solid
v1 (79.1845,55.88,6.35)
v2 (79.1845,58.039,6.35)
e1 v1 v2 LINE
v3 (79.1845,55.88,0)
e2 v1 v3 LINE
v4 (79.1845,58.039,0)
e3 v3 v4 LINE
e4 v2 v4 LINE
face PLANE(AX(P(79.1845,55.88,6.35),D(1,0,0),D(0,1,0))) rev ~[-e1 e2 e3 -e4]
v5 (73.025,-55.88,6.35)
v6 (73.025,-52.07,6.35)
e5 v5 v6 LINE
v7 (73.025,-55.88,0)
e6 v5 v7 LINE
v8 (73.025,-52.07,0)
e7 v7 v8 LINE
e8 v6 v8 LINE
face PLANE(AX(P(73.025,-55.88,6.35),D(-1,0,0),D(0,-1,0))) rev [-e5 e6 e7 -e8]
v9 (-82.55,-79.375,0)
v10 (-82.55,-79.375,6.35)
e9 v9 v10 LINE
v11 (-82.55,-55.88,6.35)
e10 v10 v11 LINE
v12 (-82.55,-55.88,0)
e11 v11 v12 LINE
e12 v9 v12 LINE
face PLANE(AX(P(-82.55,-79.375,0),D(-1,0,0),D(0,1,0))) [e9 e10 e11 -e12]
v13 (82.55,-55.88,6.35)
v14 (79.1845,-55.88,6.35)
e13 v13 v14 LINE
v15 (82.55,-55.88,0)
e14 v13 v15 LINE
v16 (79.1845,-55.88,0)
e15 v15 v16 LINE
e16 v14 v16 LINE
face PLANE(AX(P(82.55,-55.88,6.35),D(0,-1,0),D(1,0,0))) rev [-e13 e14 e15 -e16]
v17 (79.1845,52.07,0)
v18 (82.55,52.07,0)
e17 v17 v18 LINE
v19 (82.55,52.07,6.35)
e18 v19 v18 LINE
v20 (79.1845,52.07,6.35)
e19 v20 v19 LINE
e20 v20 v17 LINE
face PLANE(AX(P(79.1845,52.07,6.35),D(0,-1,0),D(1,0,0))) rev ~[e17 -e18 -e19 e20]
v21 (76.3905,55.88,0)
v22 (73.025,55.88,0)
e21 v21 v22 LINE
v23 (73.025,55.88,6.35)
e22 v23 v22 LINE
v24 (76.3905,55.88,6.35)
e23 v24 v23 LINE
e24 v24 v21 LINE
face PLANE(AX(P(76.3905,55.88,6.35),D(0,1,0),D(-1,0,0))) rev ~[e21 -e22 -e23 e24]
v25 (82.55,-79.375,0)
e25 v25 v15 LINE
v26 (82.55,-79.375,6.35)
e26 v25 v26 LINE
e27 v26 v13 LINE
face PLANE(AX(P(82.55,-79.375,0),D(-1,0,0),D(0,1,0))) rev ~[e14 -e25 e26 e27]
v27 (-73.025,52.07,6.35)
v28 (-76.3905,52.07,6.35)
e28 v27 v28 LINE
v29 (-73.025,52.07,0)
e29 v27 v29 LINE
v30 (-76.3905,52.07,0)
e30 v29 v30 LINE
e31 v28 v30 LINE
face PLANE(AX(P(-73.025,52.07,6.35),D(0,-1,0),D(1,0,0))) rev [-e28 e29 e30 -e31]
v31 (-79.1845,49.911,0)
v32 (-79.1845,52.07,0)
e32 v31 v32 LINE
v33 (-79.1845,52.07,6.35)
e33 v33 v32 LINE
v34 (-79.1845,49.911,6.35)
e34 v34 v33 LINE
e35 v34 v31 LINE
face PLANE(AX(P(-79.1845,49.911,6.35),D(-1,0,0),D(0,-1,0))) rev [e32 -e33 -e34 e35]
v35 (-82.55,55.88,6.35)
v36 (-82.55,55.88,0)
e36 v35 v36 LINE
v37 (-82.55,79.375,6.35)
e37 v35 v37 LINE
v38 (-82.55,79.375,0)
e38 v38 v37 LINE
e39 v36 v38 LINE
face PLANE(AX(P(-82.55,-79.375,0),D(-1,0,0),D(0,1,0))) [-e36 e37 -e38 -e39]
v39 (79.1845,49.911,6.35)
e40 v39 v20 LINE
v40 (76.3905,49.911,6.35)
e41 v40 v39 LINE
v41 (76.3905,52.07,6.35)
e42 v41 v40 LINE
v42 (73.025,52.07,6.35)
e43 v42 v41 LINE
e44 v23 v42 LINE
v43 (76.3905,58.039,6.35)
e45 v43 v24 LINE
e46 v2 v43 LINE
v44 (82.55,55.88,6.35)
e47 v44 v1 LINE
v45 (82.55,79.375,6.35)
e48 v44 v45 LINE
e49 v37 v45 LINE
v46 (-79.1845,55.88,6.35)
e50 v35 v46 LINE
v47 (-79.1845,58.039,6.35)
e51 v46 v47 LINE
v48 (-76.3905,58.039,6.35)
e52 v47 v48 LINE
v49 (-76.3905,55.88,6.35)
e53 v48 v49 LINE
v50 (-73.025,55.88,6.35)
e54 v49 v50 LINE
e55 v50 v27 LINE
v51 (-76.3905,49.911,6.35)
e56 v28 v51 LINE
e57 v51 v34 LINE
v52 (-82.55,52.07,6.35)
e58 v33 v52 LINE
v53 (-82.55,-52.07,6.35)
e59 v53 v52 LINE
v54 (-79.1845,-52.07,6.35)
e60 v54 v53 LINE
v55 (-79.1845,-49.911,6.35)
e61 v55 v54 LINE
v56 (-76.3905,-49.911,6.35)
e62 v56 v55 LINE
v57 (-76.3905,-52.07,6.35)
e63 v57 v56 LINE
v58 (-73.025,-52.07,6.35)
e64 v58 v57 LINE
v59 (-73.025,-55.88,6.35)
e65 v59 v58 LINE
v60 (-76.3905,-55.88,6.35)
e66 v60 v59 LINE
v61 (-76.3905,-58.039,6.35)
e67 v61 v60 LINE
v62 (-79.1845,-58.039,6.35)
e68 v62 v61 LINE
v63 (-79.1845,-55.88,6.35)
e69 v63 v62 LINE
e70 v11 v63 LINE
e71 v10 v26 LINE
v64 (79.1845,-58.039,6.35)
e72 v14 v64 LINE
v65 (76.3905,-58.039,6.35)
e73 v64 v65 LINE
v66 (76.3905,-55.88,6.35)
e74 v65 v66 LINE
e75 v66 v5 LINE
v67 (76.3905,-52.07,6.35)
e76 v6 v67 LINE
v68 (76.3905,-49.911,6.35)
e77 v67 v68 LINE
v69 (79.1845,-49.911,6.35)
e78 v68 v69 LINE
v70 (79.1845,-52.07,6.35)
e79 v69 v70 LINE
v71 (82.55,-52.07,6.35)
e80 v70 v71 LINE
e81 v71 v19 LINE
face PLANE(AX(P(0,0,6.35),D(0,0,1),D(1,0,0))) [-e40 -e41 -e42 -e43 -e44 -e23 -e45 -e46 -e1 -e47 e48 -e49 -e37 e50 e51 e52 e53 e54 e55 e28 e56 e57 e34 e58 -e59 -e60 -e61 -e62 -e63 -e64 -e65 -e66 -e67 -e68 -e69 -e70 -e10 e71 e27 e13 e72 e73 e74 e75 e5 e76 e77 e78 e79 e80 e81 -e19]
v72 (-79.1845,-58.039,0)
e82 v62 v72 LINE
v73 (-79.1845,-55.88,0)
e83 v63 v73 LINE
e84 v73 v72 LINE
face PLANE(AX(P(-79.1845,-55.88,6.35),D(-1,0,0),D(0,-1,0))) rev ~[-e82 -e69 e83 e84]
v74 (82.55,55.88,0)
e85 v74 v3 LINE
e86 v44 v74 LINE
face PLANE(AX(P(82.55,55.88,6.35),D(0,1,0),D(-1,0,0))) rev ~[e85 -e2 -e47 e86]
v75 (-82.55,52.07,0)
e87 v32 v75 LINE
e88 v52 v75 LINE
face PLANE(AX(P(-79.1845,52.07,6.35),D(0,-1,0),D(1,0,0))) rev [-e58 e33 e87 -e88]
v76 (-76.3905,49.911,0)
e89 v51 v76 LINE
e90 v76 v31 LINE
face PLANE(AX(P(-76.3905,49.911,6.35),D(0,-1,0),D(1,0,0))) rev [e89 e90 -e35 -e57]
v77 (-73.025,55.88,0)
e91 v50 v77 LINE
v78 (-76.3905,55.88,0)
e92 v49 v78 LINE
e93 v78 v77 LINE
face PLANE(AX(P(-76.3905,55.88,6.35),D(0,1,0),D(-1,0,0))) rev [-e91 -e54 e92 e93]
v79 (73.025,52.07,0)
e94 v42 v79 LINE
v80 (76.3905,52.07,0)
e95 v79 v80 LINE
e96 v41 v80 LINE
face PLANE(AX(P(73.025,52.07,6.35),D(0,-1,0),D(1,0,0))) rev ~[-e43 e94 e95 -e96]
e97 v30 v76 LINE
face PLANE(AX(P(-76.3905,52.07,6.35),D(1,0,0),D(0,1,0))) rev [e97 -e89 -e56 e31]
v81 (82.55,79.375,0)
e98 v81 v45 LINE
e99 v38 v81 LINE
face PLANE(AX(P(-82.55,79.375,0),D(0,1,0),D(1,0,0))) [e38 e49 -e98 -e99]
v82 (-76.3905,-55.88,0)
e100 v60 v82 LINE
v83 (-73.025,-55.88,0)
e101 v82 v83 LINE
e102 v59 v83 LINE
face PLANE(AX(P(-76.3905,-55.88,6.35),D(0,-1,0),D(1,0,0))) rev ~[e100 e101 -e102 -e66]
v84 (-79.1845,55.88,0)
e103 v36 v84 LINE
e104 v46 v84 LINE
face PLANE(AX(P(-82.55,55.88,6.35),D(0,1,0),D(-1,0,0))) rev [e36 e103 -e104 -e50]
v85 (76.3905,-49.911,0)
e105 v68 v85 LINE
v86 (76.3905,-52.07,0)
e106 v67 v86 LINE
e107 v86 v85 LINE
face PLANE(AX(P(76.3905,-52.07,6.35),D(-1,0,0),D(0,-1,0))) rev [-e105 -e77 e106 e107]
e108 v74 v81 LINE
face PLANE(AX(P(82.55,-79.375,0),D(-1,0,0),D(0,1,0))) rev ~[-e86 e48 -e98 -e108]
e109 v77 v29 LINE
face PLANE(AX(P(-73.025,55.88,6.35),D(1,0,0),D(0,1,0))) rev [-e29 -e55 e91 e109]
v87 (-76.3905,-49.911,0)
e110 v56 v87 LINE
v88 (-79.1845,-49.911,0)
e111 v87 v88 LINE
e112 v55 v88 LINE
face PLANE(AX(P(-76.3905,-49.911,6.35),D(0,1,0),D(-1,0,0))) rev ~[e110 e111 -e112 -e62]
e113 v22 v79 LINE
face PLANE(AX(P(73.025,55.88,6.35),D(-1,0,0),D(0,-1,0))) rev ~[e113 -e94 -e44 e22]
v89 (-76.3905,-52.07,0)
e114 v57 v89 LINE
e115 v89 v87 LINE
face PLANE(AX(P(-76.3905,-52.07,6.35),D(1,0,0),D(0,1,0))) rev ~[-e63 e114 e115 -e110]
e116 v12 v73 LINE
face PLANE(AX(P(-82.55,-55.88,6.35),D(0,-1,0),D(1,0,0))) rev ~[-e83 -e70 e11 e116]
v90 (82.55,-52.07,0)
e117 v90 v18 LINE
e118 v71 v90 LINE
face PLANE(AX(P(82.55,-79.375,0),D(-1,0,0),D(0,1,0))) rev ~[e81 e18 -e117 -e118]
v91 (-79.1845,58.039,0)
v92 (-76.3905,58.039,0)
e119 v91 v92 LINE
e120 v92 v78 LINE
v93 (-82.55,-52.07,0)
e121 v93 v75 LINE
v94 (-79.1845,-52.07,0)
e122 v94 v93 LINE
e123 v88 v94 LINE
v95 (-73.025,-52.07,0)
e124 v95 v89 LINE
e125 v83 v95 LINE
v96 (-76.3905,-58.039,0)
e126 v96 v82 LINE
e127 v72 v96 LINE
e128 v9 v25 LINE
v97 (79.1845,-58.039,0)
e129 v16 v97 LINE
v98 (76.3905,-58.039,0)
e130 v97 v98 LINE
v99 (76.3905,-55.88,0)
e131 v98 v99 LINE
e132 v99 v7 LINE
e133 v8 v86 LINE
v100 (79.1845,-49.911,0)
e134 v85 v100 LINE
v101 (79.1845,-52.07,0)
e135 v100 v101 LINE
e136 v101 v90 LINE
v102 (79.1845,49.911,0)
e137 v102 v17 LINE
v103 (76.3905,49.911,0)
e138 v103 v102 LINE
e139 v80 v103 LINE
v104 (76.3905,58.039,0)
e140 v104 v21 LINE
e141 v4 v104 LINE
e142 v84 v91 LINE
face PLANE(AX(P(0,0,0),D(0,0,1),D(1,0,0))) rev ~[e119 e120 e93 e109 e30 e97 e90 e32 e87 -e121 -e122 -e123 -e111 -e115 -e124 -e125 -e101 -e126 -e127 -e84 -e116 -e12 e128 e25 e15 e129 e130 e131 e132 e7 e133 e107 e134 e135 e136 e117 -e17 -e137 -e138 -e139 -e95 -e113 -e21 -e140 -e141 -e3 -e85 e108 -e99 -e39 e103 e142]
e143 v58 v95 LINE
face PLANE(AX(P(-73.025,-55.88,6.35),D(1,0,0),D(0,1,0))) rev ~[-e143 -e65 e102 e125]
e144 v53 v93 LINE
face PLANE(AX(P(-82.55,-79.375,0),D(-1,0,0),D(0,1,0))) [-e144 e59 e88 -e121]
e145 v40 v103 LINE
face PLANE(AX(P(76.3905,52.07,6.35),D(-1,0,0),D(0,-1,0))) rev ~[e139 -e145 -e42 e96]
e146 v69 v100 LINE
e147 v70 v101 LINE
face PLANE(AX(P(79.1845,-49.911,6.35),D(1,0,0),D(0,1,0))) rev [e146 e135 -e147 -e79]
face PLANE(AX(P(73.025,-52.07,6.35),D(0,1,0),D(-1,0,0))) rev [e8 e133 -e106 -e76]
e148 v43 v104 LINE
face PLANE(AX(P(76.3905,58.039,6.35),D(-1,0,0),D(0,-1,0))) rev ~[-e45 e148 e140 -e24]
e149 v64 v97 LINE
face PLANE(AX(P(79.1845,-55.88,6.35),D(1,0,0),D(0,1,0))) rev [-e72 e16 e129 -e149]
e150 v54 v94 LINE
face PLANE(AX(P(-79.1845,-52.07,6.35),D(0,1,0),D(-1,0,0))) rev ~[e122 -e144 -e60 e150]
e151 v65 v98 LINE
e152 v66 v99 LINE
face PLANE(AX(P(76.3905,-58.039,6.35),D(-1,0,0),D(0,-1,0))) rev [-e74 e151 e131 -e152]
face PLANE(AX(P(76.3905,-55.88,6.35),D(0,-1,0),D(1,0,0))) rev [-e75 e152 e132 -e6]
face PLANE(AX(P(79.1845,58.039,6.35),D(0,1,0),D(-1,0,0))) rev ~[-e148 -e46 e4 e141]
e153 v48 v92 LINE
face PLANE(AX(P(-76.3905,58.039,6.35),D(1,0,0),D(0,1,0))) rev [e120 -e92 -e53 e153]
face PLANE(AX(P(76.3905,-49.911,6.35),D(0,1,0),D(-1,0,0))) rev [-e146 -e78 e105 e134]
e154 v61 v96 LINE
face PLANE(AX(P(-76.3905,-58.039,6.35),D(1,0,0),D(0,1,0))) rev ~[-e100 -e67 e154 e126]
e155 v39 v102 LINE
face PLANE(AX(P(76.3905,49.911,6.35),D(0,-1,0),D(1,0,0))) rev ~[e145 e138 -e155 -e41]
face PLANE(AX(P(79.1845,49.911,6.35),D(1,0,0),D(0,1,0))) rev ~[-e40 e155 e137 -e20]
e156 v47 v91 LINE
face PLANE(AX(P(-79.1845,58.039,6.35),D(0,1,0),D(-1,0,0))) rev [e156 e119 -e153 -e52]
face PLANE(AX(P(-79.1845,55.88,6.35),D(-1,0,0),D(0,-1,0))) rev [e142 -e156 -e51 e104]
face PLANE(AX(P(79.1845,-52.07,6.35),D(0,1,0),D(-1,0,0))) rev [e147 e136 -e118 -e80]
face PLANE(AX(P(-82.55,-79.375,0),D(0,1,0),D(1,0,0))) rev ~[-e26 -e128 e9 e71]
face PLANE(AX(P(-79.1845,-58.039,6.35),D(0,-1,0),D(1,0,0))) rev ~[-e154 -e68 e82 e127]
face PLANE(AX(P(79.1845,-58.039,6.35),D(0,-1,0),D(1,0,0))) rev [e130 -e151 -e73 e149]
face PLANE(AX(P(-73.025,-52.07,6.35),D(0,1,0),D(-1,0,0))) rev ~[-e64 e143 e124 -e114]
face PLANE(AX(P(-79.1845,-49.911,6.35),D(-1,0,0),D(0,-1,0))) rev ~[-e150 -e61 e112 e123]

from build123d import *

# Parameters (mm, degrees)
SKETCH1_W            = 165.1
SKETCH1_H            = 158.75
BOSS_EXTRUDE2_DEPTH  = 6.35
CUT_EXTRUDE1_DEPTH   = 115.696188363
MIRROR2_COPY_1_DEPTH = 115.696188363


with BuildPart() as part:
    # Sketch1 → Boss-Extrude2 (new body)
    with BuildSketch(Plane.XY):
        Rectangle(SKETCH1_W, SKETCH1_H)
    extrude(amount=BOSS_EXTRUDE2_DEPTH)

    # Sketch2 → Cut-Extrude1 (cut, through all)
    with BuildSketch(Plane.XY.offset(6.35)):
        Polygon((82.55, 55.88), (79.1845, 55.88), (79.1845, 58.039), (76.3905, 58.039), (76.3905, 55.88), (73.025, 55.88), (73.025, 52.07), (76.3905, 52.07), (76.3905, 49.911), (79.1845, 49.911), (79.1845, 52.07), (82.55, 52.07), align=None)
    cut_extrude1 = extrude(amount=-CUT_EXTRUDE1_DEPTH, mode=Mode.SUBTRACT)

    # Mirror1: Cut-Extrude1 across plane
    add(cut_extrude1.mirror(Plane.ZX), mode=Mode.SUBTRACT)

    # Mirror2: Cut-Extrude1 across plane
    add(cut_extrude1.mirror(Plane(origin=(0, 0, 0), x_dir=(0, 0, 1), z_dir=(1, 0, 0))), mode=Mode.SUBTRACT)

    # Mirror2 copy 1 sketch → Mirror2 copy 1 (cut, through all)
    with BuildSketch(Plane(origin=(0, 0, 6.35), x_dir=(-1, 0, 0), z_dir=(0, 0, 1))):
        Polygon((82.55, 55.88), (79.1845, 55.88), (79.1845, 58.039), (76.3905, 58.039), (76.3905, 55.88), (73.025, 55.88), (73.025, 52.07), (76.3905, 52.07), (76.3905, 49.911), (79.1845, 49.911), (79.1845, 52.07), (82.55, 52.07), align=None)
    extrude(amount=-MIRROR2_COPY_1_DEPTH, mode=Mode.SUBTRACT)


solid = part.part
